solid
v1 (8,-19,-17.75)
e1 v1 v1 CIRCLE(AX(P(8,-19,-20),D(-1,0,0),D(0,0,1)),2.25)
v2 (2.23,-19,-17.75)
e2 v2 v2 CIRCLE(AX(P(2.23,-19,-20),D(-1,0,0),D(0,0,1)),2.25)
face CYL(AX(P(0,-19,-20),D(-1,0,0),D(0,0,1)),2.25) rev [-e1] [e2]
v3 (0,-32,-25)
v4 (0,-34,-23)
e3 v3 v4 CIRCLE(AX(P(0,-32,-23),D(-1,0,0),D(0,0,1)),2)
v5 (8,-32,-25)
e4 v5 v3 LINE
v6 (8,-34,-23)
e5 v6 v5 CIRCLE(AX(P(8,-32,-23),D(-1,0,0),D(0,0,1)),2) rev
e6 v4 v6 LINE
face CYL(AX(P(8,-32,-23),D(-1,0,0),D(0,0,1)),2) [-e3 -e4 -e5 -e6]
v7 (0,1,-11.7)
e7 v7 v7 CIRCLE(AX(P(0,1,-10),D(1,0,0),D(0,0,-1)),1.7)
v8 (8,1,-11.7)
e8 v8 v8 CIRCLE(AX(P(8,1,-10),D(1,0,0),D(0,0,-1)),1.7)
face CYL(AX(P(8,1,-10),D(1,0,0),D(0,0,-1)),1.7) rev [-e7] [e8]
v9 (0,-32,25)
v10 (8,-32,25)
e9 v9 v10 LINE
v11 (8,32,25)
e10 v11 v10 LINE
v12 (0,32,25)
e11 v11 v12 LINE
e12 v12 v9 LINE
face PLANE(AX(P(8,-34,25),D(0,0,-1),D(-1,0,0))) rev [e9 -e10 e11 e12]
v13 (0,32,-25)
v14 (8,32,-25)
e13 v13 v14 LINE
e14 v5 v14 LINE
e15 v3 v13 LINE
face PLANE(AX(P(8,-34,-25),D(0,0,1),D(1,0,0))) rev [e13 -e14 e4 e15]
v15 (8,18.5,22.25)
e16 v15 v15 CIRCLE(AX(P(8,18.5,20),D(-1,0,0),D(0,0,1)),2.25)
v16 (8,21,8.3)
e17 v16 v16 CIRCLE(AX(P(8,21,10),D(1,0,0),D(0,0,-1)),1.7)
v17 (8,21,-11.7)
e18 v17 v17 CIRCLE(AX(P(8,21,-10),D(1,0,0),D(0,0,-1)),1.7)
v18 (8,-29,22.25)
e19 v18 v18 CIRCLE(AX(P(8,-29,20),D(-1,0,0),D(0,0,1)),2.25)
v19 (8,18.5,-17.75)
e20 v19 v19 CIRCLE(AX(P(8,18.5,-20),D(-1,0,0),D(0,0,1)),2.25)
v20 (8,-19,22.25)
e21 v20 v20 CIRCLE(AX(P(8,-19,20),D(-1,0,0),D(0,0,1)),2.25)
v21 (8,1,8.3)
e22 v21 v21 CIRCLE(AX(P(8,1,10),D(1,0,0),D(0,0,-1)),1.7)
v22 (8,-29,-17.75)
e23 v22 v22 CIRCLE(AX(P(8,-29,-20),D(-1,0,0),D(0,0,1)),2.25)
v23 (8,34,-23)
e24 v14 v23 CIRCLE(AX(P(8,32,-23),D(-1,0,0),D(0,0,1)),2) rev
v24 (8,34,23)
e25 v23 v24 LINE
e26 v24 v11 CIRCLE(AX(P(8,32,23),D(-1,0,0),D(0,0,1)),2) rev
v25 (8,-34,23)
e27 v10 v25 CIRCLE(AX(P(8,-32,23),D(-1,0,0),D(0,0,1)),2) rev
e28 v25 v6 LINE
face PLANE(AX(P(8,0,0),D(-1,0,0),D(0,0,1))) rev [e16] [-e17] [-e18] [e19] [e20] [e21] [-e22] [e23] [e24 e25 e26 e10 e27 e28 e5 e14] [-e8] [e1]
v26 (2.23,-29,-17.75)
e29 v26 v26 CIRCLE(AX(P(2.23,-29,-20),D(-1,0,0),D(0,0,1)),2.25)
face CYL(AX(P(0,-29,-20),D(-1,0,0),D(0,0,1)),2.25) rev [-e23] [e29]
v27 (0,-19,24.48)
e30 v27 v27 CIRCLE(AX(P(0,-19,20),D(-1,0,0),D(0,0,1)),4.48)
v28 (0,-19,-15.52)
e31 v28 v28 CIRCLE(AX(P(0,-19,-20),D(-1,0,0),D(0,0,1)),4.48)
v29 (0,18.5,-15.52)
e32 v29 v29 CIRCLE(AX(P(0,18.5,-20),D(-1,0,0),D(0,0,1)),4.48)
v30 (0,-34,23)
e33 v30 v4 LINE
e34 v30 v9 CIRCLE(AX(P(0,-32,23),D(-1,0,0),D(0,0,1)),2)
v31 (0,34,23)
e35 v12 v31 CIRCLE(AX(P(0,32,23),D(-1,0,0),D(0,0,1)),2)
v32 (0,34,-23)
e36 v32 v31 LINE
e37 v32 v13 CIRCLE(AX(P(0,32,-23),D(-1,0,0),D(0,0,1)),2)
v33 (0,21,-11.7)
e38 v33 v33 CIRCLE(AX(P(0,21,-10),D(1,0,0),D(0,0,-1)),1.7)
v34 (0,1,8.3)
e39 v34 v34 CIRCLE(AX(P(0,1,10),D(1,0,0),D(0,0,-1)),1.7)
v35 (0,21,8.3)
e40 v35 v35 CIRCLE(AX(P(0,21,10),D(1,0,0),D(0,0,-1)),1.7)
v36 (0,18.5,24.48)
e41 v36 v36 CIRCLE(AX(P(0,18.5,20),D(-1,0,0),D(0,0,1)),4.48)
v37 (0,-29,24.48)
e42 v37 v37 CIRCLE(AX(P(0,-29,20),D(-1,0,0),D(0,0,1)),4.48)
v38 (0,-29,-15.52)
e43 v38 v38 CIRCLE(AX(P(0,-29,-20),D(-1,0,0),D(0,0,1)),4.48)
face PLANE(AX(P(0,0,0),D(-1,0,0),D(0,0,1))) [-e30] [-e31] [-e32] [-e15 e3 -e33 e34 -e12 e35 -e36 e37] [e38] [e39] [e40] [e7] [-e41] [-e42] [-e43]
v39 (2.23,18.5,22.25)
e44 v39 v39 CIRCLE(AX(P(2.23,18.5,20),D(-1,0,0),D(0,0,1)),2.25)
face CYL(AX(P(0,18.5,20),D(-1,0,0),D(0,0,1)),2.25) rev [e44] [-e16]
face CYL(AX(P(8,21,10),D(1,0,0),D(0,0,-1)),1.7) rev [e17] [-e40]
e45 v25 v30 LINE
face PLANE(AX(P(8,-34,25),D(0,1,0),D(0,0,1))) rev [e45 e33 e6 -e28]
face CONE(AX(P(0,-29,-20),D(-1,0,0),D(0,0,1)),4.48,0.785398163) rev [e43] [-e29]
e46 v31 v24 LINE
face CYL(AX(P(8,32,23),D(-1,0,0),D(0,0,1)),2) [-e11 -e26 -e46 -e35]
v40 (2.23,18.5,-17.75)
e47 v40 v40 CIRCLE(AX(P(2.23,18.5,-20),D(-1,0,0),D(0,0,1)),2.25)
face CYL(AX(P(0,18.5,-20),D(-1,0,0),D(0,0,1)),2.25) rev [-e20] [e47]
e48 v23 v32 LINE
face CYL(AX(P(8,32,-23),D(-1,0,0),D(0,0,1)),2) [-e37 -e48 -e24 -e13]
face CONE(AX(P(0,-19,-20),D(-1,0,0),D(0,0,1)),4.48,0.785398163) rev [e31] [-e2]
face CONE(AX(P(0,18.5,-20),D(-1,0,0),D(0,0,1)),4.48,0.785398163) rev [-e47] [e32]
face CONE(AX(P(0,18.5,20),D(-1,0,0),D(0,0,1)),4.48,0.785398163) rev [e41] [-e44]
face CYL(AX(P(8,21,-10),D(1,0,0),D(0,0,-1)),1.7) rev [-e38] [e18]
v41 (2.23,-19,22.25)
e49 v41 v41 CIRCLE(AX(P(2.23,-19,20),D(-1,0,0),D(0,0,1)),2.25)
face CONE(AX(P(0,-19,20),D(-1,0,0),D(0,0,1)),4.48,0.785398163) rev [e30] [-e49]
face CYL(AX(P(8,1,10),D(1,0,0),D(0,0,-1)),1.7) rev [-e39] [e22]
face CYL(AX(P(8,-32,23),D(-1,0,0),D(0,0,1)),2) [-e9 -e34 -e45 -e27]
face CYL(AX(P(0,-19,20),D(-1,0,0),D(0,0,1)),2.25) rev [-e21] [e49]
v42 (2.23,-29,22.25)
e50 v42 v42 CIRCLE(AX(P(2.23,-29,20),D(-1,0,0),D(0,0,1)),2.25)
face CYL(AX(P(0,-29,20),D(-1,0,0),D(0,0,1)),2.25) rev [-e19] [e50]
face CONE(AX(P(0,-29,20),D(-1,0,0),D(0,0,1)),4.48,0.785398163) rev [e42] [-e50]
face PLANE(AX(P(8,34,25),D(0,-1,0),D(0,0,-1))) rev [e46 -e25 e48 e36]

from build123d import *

# Parameters (mm, degrees)
SKETCH1_W                                            = 50
SKETCH1_H                                            = 68
BOSS_EXTRUDE1_DEPTH                                  = 8
M3_CLEARANCE_HOLE1_D                                 = 3.4
CSK_FOR_M4_HEX_SOCKET_COUNTERSUNK_CAP_SC_D           = 4.5
CSK_FOR_M4_HEX_SOCKET_COUNTERSUNK_CAP_SC_CSINK_D     = 8.96
CSK_FOR_M4_HEX_SOCKET_COUNTERSUNK_CAP_SC_CSINK_ANGLE = 90
FILLET1_R                                            = 2
CSK_FOR_M4_HEX_SOCKET_COUNTERSUNK_CA_2_D             = 4.5
CSK_FOR_M4_HEX_SOCKET_COUNTERSUNK_CA_2_CSINK_D       = 8.96
CSK_FOR_M4_HEX_SOCKET_COUNTERSUNK_CA_2_CSINK_ANGLE   = 90


with BuildPart() as part:
    # Sketch1 → Boss-Extrude1 (new body)
    with BuildSketch(Plane(origin=(0, 0, 0), x_dir=(0, 0, -1), z_dir=(1, 0, 0))):
        Rectangle(SKETCH1_W, SKETCH1_H)
    extrude(amount=BOSS_EXTRUDE1_DEPTH)

    # M3 Clearance Hole1 (through all)
    with Locations(Plane(origin=(8, 0, 0), x_dir=(0, 0, -1), z_dir=(1, 0, 0))):
        with Locations((-10, 21), (10, 21), (10, 1), (-10, 1)):
            Hole(M3_CLEARANCE_HOLE1_D / 2)

    # CSK for M4 Hex Socket Countersunk Cap Sc (through all)
    with Locations(Plane.ZY):
        with Locations((-20, -29), (20, -29)):
            CounterSinkHole(CSK_FOR_M4_HEX_SOCKET_COUNTERSUNK_CAP_SC_D / 2, CSK_FOR_M4_HEX_SOCKET_COUNTERSUNK_CAP_SC_CSINK_D / 2, counter_sink_angle=CSK_FOR_M4_HEX_SOCKET_COUNTERSUNK_CAP_SC_CSINK_ANGLE)

    # Fillet1
    fillet1_edges = [part.edges().sort_by_distance(p)[0] for p in [
        (4, -34, -25),
        (4, -34, 25),
        (4, 34, 25),
        (4, 34, -25),
    ]]
    fillet(fillet1_edges, radius=FILLET1_R)

    # CSK for M4 Hex Socket Countersunk Ca 2 (through all)
    with Locations(Plane.ZY):
        with Locations((20, -19), (20, 18.5), (-20, 18.5), (-20, -19)):
            CounterSinkHole(CSK_FOR_M4_HEX_SOCKET_COUNTERSUNK_CA_2_D / 2, CSK_FOR_M4_HEX_SOCKET_COUNTERSUNK_CA_2_CSINK_D / 2, counter_sink_angle=CSK_FOR_M4_HEX_SOCKET_COUNTERSUNK_CA_2_CSINK_ANGLE)


solid = part.part
